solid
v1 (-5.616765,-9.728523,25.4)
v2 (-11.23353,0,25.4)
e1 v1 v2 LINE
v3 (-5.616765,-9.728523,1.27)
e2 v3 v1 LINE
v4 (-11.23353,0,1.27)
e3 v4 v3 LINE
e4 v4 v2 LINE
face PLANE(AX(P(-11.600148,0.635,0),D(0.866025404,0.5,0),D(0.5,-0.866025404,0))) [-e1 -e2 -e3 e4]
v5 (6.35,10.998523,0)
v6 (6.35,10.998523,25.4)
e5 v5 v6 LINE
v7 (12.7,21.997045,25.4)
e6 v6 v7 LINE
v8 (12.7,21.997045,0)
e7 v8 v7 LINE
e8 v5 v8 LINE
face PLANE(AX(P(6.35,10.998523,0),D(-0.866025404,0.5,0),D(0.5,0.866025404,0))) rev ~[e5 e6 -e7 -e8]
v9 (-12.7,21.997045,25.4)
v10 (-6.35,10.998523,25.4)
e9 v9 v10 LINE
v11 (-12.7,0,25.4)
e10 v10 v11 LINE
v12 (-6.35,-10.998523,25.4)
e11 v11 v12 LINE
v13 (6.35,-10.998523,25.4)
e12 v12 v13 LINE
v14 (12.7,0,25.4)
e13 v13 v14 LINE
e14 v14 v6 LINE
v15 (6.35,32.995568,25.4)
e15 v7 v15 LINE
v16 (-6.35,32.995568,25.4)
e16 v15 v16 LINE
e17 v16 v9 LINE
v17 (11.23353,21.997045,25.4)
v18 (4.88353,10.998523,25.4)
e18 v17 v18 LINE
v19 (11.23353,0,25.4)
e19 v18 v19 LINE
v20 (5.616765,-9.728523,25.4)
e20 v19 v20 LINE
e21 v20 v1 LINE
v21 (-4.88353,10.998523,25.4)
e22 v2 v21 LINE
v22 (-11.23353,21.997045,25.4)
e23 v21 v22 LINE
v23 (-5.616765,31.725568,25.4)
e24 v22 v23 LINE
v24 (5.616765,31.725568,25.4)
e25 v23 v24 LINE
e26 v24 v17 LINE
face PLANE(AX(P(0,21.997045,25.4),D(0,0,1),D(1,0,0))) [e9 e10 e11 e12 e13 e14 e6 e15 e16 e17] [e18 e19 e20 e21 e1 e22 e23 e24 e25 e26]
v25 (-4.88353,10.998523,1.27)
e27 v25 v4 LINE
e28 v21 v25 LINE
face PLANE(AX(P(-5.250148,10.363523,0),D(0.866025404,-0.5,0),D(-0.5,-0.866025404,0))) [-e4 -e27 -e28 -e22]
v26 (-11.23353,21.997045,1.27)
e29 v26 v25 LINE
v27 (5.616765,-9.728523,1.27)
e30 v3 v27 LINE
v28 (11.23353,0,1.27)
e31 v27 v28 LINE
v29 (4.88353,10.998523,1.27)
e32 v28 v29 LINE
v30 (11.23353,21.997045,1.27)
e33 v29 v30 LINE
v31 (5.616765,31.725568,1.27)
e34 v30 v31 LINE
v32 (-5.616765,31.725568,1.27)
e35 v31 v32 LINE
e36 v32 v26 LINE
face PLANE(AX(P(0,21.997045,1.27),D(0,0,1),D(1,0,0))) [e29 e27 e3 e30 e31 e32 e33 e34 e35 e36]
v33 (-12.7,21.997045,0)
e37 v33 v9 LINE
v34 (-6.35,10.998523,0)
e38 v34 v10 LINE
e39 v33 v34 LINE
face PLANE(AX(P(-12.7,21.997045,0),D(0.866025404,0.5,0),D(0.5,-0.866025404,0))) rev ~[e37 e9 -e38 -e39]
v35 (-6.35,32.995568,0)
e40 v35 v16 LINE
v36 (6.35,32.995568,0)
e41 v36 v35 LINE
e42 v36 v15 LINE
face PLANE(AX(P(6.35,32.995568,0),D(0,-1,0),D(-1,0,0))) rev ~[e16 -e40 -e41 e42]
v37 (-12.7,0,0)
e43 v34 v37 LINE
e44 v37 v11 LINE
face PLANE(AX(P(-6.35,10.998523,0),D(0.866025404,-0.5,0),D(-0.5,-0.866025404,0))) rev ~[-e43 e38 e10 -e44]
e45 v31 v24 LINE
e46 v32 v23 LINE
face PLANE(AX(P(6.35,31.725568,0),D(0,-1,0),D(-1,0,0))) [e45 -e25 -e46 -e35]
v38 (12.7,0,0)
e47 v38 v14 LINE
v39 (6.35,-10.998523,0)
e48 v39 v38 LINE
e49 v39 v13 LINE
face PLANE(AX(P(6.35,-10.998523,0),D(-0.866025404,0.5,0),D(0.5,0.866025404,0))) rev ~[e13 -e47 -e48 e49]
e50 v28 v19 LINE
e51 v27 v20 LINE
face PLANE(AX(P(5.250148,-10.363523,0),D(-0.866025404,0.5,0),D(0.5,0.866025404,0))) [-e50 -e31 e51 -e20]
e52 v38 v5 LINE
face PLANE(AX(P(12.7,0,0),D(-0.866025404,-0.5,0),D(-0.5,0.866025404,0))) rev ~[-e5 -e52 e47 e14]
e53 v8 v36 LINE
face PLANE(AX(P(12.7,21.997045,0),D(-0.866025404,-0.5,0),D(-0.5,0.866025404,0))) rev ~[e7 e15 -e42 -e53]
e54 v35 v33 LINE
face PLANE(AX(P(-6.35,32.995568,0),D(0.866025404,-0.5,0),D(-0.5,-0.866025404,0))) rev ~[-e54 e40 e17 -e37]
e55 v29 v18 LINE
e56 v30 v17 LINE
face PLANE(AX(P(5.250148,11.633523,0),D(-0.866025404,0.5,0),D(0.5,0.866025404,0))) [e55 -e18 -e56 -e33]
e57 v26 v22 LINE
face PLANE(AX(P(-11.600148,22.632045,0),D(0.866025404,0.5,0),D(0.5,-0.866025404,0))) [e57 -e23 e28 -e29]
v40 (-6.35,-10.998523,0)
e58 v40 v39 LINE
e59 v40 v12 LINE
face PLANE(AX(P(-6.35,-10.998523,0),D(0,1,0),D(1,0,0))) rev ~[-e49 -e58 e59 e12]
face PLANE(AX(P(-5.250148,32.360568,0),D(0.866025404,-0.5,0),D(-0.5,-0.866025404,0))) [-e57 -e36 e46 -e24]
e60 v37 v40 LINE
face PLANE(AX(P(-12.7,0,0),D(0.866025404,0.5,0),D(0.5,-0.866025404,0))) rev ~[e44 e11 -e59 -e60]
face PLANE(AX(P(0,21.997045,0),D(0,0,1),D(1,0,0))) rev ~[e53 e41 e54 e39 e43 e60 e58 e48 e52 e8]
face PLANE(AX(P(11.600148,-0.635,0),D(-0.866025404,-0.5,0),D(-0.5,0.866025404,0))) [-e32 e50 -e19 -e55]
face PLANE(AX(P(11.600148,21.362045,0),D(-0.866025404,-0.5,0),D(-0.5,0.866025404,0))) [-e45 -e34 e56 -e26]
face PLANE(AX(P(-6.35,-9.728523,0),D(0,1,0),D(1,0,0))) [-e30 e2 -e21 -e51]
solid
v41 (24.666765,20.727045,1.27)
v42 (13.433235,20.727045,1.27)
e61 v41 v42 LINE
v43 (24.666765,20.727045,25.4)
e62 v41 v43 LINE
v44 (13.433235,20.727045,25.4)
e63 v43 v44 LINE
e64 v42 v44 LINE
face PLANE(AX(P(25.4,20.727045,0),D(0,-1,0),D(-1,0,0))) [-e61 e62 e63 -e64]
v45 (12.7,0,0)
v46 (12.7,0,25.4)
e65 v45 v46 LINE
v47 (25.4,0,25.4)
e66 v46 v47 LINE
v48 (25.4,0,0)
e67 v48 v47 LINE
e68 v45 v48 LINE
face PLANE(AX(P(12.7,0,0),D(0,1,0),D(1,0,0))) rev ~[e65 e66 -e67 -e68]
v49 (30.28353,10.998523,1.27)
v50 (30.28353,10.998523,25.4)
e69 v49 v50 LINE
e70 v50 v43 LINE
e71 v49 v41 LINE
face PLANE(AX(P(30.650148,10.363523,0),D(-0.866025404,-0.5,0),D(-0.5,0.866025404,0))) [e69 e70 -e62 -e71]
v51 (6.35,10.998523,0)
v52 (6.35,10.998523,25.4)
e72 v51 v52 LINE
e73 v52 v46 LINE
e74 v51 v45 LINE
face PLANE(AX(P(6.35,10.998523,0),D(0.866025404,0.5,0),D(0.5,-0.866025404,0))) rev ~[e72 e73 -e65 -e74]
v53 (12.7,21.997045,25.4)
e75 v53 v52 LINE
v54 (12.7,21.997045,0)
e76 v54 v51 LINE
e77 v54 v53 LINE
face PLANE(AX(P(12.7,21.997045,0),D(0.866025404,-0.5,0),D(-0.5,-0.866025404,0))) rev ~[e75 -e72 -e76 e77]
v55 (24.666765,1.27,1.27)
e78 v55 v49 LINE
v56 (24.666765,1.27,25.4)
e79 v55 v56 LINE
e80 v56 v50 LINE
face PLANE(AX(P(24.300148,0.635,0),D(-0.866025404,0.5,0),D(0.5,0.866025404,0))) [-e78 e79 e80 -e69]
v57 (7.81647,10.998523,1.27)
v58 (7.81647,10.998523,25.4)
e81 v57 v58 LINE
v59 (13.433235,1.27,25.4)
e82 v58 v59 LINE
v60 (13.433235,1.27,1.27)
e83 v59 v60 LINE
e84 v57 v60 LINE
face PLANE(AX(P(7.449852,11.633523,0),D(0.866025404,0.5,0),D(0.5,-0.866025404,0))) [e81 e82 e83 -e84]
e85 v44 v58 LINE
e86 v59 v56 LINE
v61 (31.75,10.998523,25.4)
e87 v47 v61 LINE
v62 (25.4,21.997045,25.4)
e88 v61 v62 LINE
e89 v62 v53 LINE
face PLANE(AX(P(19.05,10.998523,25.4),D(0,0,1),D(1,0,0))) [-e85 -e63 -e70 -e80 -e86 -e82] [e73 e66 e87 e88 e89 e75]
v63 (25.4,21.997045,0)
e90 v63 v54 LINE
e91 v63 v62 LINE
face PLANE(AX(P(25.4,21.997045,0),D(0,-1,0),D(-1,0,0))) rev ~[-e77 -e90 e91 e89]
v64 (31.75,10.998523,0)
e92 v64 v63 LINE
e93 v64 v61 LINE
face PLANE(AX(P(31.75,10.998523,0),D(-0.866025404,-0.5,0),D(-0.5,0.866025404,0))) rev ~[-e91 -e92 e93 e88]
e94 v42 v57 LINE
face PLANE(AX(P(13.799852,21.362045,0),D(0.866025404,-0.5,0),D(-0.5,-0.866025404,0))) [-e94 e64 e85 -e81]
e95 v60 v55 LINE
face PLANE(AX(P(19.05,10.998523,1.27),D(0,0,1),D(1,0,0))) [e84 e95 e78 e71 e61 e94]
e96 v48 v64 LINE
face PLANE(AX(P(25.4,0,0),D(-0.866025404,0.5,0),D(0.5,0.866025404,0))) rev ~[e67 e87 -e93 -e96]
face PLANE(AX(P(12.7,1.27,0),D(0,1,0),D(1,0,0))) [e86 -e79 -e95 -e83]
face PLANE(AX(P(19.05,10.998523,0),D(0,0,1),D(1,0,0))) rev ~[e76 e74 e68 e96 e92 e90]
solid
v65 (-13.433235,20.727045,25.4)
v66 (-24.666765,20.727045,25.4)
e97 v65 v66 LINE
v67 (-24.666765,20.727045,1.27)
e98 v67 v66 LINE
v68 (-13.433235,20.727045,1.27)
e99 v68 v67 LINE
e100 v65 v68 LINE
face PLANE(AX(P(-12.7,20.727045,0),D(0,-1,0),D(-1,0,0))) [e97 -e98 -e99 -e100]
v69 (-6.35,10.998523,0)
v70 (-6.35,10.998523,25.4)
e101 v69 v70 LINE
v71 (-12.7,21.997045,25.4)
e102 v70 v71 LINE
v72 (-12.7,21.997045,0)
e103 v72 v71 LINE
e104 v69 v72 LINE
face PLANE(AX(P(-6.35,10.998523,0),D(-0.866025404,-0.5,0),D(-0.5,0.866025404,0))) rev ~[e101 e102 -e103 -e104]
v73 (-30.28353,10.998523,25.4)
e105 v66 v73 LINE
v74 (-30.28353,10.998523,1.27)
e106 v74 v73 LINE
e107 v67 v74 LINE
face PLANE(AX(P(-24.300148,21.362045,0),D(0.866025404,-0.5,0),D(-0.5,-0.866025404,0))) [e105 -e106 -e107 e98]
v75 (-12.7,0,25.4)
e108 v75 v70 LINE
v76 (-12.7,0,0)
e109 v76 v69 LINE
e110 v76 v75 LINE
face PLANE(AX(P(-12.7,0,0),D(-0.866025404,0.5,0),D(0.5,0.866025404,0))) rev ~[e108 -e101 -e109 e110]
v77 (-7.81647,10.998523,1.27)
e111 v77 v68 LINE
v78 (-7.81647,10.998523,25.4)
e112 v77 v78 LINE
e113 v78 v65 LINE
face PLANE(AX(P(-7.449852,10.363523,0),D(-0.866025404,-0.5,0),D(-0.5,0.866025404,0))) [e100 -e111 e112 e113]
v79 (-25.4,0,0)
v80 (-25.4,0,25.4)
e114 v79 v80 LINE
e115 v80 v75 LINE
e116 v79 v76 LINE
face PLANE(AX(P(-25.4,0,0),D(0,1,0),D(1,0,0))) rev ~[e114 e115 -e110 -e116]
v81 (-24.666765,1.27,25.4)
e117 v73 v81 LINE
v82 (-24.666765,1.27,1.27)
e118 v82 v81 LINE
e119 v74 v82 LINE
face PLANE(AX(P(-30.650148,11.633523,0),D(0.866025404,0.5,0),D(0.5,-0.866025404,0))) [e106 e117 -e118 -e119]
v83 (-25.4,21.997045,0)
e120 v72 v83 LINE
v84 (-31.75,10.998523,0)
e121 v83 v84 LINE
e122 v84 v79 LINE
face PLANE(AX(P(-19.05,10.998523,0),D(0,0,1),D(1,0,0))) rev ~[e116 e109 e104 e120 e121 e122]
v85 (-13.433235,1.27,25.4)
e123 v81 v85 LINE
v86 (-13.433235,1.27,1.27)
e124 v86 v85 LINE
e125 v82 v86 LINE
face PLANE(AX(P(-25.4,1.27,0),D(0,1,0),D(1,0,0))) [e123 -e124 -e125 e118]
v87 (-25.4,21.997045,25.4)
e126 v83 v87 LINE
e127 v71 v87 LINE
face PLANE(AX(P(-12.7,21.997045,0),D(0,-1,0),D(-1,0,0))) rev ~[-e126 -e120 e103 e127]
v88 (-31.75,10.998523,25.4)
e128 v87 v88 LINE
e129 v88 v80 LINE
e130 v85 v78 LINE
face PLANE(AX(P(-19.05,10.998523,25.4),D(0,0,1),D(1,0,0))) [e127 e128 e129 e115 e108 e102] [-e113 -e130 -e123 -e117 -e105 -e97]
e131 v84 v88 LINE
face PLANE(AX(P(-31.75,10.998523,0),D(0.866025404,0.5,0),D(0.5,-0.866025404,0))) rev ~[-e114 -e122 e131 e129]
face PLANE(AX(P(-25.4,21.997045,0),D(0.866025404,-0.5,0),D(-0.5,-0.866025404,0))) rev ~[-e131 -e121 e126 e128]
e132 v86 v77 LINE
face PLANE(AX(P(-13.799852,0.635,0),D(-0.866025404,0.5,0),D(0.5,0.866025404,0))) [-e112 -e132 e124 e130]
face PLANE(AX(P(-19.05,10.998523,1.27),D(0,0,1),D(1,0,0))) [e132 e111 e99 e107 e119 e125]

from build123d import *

# Parameters (mm, degrees)
F2_DEPTH = 25.4
F3_T     = -1.27
F3_2_T   = -1.27
F3_3_T   = -1.27


with BuildPart() as f2:
    # F1 (on Top) → F2 (new body)
    with BuildSketch(Plane.XY):
        Polygon((-12.7, 21.9970452561), (-25.4, 21.9970452561), (-31.75, 10.9985226281), (-25.4, 0), (-12.7, 0), (-6.35, 10.9985226281), align=None)
    extrude(amount=F2_DEPTH)

    # F3#2
    f3_2_openings = [f2.faces().sort_by_distance(p)[0] for p in [
        (-19.05, 10.998523, 25.4),
    ]]
    offset(amount=F3_2_T, openings=f3_2_openings)


with BuildPart() as f2b:
    # F1 (on Top) → F2, piece 2 (new body)
    with BuildSketch(Plane.XY):
        Polygon((12.7, 0), (25.4, 0), (31.75, 10.9985226281), (25.4, 21.9970452561), (12.7, 21.9970452561), (6.35, 10.9985226281), align=None)
    extrude(amount=F2_DEPTH)

    # F3#3
    f3_3_openings = [f2b.faces().sort_by_distance(p)[0] for p in [
        (19.05, 10.998523, 25.4),
    ]]
    offset(amount=F3_3_T, openings=f3_3_openings)


with BuildPart() as f2c:
    # F0 (on Top) → F2, piece 3 (new body)
    with BuildSketch(Plane.XY):
        Polygon((-6.35, 10.9985226281), (6.35, 10.9985226281), (12.7, 21.9970452561), (6.35, 32.9955678842), (-6.35, 32.9955678842), (-12.7, 21.9970452561), align=None)
        Polygon((6.35, -10.9985226281), (12.7, 0), (6.35, 10.9985226281), (-6.35, 10.9985226281), (-12.7, 0), (-6.35, -10.9985226281), align=None)
    extrude(amount=F2_DEPTH)

    # F3
    f3_openings = [f2c.faces().sort_by_distance(p)[0] for p in [
        (0, 10.998523, 25.4),
    ]]
    offset(amount=F3_T, openings=f3_openings, kind=Kind.INTERSECTION)


solid = Compound([f2.part, f2b.part, f2c.part])
